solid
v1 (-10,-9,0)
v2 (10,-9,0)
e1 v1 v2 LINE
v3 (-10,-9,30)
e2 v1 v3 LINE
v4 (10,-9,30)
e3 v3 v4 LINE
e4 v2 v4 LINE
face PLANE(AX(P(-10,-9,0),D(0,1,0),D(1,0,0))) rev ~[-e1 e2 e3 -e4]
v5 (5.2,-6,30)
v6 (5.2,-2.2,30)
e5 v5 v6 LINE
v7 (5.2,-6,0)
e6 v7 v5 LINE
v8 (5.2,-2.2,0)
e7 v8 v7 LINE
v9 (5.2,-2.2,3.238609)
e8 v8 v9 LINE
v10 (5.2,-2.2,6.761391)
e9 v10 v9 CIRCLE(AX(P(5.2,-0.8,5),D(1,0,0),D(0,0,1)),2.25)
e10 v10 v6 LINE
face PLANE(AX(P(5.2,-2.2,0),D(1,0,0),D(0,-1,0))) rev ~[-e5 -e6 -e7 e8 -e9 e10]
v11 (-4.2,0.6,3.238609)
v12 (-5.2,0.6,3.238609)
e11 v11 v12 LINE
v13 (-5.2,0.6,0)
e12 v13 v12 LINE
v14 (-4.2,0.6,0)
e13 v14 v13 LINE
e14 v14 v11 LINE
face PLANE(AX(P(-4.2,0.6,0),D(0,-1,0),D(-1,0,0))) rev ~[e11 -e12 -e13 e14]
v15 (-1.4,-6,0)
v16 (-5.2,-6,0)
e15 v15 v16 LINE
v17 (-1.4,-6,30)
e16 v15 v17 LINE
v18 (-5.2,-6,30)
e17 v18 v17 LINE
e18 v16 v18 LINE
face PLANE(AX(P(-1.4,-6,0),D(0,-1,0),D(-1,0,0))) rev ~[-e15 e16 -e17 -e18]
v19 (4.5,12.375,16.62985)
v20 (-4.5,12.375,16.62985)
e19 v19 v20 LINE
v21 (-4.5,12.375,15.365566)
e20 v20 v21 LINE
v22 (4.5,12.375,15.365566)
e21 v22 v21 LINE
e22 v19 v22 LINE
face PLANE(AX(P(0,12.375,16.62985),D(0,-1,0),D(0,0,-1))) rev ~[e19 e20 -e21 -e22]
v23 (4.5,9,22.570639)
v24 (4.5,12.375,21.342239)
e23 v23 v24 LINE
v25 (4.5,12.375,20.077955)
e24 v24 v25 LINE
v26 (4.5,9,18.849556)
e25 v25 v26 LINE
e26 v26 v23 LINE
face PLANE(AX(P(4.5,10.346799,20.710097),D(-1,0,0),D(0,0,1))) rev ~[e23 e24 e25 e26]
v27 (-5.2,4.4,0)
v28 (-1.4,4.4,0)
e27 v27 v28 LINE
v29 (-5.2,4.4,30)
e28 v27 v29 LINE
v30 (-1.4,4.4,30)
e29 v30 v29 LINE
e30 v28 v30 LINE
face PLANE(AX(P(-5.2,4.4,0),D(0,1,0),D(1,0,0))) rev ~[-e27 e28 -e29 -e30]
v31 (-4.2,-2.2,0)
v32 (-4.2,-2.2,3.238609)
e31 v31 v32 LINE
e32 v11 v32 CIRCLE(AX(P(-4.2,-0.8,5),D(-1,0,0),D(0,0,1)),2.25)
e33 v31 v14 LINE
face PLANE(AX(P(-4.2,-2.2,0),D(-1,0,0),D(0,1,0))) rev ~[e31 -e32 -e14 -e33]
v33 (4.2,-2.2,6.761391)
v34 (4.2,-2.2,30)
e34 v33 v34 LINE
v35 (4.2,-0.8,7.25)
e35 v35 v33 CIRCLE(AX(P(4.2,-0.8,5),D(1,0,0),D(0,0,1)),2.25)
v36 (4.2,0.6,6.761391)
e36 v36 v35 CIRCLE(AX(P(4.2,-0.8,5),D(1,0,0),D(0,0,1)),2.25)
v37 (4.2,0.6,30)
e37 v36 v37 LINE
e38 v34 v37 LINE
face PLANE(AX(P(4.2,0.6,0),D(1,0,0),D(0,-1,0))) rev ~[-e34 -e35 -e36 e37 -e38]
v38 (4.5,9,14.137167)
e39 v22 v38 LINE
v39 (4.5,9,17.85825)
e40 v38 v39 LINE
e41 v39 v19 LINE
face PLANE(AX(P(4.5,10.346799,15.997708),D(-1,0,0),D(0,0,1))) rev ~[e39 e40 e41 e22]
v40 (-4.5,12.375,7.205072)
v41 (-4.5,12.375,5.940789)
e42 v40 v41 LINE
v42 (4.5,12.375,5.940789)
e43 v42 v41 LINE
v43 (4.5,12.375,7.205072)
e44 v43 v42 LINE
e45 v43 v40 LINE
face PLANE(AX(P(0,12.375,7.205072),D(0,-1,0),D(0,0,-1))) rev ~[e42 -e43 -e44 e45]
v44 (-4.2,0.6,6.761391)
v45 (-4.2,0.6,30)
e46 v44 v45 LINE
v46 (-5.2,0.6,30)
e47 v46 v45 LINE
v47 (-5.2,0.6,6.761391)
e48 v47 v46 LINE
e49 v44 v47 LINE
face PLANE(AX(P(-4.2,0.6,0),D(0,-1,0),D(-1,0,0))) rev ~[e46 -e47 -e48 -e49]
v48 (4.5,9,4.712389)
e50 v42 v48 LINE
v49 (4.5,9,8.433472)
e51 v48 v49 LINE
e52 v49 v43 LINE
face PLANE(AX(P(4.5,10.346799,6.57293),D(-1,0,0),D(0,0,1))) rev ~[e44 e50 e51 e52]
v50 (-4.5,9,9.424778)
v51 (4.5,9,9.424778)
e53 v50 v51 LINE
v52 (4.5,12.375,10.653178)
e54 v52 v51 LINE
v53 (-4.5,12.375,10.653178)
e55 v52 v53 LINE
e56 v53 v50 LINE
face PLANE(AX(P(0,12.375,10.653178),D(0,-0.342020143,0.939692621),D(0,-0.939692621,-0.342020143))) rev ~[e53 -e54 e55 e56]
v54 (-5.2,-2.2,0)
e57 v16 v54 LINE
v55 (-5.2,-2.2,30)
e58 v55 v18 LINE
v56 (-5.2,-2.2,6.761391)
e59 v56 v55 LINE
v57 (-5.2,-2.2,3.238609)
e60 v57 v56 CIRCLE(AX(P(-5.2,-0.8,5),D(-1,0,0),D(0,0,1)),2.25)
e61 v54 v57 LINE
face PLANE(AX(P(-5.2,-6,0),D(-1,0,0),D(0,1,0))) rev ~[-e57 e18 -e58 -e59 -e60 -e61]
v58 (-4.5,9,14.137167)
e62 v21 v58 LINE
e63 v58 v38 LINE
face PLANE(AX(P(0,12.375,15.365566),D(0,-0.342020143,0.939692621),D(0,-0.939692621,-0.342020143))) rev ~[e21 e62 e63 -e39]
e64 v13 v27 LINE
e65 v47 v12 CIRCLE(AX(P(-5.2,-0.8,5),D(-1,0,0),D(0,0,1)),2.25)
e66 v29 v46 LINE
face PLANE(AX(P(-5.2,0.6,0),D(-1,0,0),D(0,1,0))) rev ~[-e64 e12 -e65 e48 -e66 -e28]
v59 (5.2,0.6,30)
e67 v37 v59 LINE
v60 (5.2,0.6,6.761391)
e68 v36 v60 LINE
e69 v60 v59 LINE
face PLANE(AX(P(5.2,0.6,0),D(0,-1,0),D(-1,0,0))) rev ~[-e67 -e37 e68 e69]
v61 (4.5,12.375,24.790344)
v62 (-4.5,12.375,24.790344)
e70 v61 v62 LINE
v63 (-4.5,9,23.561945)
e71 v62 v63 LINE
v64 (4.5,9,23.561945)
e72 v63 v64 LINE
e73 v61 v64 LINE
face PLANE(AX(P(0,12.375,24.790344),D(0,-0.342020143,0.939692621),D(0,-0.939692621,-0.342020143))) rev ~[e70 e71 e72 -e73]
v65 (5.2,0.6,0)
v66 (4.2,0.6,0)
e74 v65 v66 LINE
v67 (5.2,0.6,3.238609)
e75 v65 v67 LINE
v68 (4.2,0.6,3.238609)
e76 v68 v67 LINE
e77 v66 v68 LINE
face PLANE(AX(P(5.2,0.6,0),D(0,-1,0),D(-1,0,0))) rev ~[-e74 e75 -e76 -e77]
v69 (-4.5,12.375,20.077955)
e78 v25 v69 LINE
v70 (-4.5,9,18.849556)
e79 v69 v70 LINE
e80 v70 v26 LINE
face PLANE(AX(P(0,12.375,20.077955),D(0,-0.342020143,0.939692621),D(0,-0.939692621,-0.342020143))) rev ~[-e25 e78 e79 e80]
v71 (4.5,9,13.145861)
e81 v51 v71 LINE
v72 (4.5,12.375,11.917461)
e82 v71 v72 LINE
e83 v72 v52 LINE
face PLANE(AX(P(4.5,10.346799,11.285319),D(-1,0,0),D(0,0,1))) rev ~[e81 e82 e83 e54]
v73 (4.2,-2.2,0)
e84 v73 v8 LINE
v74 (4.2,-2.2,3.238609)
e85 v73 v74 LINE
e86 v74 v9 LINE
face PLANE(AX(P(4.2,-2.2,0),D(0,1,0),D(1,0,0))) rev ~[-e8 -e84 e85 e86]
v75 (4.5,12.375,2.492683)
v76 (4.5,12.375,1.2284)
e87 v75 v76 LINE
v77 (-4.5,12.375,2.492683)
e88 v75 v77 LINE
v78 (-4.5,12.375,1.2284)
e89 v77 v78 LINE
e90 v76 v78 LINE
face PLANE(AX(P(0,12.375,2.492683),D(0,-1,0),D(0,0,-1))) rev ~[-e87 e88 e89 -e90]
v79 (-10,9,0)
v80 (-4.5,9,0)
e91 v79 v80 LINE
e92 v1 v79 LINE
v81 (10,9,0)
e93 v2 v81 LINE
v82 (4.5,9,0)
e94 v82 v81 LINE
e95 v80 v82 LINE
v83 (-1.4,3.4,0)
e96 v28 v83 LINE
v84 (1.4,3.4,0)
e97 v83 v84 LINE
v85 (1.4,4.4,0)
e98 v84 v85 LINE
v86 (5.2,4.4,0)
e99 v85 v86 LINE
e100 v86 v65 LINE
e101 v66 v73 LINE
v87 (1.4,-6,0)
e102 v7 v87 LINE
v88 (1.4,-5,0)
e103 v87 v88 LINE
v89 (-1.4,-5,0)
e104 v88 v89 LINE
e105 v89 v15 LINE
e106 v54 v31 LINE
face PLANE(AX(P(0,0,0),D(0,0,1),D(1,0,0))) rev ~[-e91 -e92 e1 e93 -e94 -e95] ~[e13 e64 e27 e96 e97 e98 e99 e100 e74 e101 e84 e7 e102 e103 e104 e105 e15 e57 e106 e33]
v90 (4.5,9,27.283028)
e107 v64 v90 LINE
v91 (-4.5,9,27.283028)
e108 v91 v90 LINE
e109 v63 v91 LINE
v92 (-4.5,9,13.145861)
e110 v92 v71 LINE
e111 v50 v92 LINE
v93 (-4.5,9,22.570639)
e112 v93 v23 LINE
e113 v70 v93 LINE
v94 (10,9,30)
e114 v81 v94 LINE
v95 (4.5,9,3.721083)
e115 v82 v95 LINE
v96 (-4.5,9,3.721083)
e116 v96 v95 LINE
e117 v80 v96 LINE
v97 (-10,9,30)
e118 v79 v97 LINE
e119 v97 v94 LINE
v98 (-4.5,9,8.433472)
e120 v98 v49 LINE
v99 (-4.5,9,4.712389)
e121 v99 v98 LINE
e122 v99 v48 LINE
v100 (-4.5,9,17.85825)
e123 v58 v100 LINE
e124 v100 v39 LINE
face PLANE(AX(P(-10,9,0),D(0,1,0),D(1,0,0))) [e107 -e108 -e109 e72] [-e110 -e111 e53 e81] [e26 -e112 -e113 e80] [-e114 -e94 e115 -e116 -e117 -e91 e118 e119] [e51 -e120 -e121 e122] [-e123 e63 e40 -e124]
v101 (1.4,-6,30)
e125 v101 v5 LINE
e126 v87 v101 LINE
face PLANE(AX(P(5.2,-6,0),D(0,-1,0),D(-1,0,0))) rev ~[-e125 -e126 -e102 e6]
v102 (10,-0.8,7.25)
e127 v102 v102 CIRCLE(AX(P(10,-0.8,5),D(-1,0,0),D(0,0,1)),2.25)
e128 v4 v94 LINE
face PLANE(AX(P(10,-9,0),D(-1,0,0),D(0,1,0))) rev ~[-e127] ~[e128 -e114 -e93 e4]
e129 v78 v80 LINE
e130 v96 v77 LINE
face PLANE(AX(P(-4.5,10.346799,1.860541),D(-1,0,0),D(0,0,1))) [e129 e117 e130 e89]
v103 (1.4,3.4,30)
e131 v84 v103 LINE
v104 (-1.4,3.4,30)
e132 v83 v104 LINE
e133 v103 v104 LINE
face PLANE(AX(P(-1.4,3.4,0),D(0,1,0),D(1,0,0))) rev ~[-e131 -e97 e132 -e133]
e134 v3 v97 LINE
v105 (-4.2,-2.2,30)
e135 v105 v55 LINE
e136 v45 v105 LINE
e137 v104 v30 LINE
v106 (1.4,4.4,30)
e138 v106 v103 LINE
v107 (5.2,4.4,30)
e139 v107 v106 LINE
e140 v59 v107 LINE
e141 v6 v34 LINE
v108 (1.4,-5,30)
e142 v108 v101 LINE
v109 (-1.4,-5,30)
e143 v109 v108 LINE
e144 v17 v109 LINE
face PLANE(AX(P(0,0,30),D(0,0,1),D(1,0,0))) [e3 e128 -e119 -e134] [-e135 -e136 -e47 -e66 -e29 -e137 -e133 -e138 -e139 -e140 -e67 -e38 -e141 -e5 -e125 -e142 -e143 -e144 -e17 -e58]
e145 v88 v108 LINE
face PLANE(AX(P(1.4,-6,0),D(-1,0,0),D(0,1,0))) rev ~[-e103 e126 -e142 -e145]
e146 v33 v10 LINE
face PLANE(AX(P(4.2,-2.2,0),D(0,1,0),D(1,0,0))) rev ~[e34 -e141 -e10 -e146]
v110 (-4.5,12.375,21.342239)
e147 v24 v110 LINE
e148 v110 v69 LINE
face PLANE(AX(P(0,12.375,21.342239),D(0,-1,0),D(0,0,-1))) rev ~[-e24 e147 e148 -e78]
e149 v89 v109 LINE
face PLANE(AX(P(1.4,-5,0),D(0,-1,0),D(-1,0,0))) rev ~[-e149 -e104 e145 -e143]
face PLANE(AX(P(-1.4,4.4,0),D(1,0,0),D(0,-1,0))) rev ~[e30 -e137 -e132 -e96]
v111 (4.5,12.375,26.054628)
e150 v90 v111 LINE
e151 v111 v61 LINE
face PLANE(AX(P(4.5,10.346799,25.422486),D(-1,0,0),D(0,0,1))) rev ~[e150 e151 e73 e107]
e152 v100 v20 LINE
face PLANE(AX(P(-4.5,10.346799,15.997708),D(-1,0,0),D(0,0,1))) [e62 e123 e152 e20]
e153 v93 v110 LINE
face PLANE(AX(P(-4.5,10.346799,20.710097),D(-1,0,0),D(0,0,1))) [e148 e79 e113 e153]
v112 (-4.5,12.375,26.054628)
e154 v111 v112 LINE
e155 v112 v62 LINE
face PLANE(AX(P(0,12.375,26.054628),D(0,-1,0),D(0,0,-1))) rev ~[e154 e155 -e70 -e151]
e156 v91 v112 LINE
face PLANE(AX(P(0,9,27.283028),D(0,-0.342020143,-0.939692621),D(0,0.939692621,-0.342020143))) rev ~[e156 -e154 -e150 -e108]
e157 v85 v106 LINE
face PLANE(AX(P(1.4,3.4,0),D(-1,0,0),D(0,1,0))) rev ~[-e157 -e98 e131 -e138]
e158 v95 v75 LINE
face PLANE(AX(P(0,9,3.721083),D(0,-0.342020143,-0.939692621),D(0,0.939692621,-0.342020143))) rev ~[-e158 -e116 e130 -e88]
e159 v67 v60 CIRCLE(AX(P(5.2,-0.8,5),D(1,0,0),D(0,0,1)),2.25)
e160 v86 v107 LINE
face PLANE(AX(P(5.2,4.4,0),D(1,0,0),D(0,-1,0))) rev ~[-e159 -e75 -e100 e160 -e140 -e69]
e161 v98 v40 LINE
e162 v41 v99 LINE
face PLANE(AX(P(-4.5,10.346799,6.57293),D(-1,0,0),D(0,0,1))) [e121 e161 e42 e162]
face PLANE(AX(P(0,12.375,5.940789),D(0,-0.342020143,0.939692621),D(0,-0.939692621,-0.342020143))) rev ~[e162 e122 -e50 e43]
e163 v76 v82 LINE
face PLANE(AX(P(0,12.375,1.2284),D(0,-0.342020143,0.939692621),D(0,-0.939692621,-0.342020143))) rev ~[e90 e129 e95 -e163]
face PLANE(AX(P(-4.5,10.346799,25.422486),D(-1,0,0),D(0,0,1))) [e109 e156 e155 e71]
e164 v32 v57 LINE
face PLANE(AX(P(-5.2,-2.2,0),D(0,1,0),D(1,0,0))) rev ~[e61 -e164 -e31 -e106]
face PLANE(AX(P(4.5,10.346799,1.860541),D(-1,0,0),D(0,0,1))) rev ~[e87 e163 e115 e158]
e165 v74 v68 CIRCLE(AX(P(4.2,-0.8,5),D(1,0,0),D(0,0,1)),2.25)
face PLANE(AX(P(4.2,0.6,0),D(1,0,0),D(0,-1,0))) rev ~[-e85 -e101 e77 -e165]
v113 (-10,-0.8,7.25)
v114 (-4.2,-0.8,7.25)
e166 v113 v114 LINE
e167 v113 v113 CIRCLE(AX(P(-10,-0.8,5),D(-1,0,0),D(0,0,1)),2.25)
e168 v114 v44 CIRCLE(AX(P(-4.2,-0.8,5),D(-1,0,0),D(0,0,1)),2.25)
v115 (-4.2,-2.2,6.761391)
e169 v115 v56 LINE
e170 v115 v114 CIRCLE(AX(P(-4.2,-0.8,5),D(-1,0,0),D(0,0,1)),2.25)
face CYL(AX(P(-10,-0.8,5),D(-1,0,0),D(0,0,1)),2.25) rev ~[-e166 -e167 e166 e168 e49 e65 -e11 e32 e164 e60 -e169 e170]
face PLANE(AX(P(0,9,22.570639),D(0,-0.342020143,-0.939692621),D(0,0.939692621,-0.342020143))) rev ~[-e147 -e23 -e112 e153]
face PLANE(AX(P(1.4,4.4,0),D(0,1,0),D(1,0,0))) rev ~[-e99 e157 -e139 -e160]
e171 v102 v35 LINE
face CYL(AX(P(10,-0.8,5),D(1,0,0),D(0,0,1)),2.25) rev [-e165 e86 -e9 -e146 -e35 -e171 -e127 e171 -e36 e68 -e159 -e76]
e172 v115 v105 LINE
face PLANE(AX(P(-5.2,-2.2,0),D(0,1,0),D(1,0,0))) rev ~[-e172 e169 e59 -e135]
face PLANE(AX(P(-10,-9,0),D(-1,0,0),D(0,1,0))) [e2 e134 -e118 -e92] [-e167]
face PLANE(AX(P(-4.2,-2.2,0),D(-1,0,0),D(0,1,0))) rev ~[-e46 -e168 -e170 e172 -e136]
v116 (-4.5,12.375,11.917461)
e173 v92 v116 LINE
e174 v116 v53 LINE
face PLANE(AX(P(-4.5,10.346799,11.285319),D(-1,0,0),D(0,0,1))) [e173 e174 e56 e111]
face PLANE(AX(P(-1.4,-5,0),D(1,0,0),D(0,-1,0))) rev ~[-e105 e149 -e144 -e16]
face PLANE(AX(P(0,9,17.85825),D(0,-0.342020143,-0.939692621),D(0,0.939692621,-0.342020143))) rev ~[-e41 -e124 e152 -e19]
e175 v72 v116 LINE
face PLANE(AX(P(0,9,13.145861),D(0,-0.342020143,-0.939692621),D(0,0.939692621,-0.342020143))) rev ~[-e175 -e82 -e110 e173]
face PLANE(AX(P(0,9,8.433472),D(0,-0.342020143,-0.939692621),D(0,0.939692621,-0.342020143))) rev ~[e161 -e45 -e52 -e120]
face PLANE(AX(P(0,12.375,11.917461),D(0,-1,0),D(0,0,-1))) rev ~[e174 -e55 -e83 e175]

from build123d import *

# Parameters (mm, degrees)
ESQUISSE1_W                = 20
ESQUISSE1_H                = 18
MAIN_EXTRUSION_DEPTH       = 30
MAIN_RIDING_HOLE_DEPTH     = 31
ESQUISSE4_R                = 2.25
TRACTORHOLE_DEPTH          = 8
BOSS_EXTRU_1_DEPTH         = 4.5
R_P_TITION_LIN_AIRE1_COUNT = 6
R_P_TITION_LIN_AIRE1_PITCH = 4.71238898


with BuildPart() as part:
    # Esquisse1 → Main Extrusion (new body)
    with BuildSketch(Plane.XY):
        Rectangle(ESQUISSE1_W, ESQUISSE1_H)
    extrude(amount=MAIN_EXTRUSION_DEPTH)

    # Esquisse3 → Main Riding Hole (cut, through all)
    with BuildSketch(Plane(origin=(0, 0, 0), x_dir=(-1, 0, 0), z_dir=(0, 0, -1))):
        Polygon((-5.2, 4.4), (-5.2, 0.6), (-4.2, 0.6), (-4.2, -2.2), (-5.2, -2.2), (-5.2, -6), (-1.4, -6), (-1.4, -5), (1.4, -5), (1.4, -6), (5.2, -6), (5.2, -2.2), (4.2, -2.2), (4.2, 0.6), (5.2, 0.6), (5.2, 4.4), (1.4, 4.4), (1.4, 3.4), (-1.4, 3.4), (-1.4, 4.4), align=None)
    extrude(amount=-MAIN_RIDING_HOLE_DEPTH, mode=Mode.SUBTRACT)

    # Esquisse4 → TractorHole (cut)
    with BuildSketch(Plane.ZY.offset(10)):
        with Locations((5, -0.8)):
            Circle(ESQUISSE4_R)
    tractorhole = extrude(amount=-TRACTORHOLE_DEPTH, mode=Mode.SUBTRACT)

    # TractorHoleSymetry: TractorHole across plane
    add(tractorhole.mirror(Plane(origin=(0, 0, 0), x_dir=(0, 0, 1), z_dir=(1, 0, 0))), mode=Mode.SUBTRACT)

    # Esquisse8 → Boss.-Extru.1 (add, symmetric)
    with BuildSketch(Plane(origin=(0, 0, 0), x_dir=(0, 0, -1), z_dir=(1, 0, 0))):
        Polygon((-3.721082869, 9), (-2.492683328, 12.375), (-1.228399541, 12.375), (0, 9), align=None)
    boss_extru_1 = extrude(amount=BOSS_EXTRU_1_DEPTH, both=True)

    # Répétition linéaire1: Boss.-Extru.1 ×6
    with Locations(*[(0, 0, i * R_P_TITION_LIN_AIRE1_PITCH) for i in range(1, R_P_TITION_LIN_AIRE1_COUNT)]):
        add(boss_extru_1)


solid = part.part
